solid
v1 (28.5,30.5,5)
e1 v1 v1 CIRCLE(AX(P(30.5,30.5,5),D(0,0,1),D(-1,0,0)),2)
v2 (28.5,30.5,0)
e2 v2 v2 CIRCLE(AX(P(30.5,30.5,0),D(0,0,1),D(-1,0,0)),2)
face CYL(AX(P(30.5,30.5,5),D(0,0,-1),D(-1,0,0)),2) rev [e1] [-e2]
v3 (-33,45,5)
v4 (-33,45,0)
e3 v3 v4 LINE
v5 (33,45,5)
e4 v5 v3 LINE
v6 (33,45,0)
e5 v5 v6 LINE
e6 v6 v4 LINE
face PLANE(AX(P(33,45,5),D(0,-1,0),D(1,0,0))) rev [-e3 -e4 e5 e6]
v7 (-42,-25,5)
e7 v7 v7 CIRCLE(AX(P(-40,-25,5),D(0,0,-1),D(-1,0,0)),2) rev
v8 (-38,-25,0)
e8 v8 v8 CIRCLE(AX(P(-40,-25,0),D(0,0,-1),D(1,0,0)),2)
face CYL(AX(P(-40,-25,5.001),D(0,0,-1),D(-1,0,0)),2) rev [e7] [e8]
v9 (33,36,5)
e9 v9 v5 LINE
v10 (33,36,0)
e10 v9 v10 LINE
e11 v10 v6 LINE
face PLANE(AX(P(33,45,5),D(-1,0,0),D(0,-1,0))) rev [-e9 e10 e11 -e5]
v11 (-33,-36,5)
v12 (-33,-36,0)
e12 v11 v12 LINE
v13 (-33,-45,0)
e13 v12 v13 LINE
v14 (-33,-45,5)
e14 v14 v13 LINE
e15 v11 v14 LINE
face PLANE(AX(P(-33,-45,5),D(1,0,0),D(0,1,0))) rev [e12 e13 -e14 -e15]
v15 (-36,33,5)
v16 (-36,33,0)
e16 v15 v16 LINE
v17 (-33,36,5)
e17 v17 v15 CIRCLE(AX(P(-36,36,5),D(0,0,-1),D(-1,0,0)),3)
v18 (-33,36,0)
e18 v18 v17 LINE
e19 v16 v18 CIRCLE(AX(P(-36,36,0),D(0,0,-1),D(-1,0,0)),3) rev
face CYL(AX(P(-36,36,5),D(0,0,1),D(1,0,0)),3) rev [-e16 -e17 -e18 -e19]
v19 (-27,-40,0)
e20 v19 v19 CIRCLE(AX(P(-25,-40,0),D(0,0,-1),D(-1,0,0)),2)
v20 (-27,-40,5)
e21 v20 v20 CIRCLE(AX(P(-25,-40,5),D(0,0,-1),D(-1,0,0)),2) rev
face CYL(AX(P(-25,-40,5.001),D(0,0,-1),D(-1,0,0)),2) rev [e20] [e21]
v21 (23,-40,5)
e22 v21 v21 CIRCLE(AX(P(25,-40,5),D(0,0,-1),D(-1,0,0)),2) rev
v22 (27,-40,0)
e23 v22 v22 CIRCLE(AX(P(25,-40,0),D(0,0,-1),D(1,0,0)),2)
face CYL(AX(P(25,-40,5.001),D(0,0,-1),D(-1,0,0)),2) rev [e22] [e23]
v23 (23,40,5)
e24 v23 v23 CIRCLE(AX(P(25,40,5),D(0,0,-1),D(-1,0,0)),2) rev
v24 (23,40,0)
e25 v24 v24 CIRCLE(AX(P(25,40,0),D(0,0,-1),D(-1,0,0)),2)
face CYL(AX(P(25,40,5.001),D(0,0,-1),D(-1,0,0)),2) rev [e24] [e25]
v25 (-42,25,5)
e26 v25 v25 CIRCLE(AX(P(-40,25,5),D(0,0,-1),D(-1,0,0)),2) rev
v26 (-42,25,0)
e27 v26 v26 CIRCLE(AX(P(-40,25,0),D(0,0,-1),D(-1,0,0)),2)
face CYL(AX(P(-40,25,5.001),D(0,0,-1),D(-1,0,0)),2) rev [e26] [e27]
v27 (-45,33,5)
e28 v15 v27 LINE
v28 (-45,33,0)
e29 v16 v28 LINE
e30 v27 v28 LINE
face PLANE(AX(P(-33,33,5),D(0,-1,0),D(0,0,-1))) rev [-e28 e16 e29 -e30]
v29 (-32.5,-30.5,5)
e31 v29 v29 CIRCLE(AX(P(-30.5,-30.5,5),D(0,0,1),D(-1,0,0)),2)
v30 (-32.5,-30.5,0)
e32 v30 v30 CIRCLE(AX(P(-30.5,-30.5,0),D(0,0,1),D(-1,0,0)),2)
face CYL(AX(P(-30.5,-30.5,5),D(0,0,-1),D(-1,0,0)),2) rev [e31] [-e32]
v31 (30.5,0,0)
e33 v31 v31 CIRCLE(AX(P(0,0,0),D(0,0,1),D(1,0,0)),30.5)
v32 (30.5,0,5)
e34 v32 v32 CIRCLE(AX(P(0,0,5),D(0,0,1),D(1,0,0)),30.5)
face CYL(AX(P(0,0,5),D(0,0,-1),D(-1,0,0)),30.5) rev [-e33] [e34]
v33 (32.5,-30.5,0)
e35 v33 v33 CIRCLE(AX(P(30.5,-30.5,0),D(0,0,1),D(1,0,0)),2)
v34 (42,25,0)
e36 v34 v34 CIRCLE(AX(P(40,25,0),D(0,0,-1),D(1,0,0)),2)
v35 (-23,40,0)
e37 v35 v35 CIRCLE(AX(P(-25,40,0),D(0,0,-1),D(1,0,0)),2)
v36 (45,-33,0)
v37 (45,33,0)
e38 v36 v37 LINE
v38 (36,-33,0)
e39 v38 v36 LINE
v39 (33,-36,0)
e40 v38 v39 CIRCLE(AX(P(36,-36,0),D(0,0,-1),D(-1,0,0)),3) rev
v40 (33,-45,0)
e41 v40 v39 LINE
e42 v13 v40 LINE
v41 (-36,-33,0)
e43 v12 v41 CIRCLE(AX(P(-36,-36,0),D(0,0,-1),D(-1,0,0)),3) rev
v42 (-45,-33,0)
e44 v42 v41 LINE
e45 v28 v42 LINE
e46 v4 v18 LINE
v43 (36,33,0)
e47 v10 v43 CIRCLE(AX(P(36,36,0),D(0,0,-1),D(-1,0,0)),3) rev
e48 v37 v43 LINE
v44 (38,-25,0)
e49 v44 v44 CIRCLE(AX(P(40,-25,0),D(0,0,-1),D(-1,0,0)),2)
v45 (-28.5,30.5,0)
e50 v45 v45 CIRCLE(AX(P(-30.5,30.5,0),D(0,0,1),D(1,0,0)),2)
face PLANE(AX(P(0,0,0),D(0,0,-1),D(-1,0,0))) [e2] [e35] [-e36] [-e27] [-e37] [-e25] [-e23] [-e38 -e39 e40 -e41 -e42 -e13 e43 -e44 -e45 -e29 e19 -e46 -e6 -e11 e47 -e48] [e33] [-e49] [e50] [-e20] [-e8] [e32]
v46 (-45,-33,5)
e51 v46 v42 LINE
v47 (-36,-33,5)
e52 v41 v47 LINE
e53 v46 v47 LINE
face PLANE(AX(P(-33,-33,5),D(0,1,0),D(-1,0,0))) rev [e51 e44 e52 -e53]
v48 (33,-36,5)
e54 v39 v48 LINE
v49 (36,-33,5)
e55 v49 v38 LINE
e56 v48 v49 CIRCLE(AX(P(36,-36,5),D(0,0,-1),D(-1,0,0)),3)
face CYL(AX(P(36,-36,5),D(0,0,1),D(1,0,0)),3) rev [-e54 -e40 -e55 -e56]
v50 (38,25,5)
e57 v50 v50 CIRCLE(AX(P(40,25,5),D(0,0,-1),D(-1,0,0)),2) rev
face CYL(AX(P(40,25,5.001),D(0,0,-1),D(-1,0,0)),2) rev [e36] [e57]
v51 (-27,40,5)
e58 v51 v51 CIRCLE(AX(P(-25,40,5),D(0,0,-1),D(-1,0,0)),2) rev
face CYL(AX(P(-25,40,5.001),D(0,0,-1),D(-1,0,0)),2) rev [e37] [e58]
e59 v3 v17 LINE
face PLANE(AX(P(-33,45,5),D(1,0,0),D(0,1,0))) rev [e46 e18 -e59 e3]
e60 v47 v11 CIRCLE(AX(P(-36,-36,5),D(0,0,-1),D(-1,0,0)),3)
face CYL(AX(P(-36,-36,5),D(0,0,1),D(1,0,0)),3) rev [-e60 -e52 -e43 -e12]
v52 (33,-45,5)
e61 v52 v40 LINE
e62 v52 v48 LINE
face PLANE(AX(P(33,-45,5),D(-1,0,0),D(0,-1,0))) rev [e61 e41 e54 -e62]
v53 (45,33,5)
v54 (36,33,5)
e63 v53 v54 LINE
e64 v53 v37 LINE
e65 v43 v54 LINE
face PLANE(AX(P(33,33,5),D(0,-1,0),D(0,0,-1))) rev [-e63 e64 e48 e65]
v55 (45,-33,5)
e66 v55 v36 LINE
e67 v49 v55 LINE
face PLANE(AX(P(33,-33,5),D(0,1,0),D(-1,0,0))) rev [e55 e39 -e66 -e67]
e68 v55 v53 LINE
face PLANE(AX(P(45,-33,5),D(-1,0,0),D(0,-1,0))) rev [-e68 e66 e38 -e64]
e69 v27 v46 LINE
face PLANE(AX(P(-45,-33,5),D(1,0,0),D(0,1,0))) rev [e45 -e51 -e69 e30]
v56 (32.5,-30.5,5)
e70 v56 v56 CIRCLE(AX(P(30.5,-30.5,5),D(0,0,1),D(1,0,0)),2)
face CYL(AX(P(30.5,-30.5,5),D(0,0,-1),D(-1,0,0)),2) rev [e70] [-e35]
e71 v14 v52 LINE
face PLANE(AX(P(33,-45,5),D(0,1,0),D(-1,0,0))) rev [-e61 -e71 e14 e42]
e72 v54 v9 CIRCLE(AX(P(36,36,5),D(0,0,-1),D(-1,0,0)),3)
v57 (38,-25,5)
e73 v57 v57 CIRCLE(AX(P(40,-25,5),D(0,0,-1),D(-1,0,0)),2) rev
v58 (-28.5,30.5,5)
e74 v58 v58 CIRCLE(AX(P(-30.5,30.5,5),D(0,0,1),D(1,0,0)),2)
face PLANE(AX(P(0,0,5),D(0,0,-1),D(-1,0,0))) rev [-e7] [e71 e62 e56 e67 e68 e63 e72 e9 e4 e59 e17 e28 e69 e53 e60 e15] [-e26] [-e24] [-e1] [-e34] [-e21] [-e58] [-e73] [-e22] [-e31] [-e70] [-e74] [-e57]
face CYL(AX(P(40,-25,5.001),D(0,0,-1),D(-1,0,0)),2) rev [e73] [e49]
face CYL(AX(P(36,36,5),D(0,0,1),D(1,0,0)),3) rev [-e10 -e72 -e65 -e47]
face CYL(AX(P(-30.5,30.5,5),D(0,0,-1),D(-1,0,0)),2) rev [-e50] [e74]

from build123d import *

# Parameters (mm, degrees)
SKETCH1_R           = 30.5
SKETCH1_R_2         = 2
BOSS_EXTRUDE1_DEPTH = 5
FILLET1_R           = 3
CUT_EXTRUDE1_REACH  = 65.836
SKETCH2_R           = 2


with BuildPart() as part:
    # Sketch1 → Boss-Extrude1 (new body)
    with BuildSketch(Plane.XY):
        Polygon((33, -45), (-33, -45), (-33, -33), (-45, -33), (-45, 33), (-33, 33), (-33, 45), (33, 45), (33, 33), (45, 33), (45, -33), (33, -33), align=None)
        Circle(SKETCH1_R, mode=Mode.SUBTRACT)
        with Locations((-30.5, 30.5)):
            Circle(SKETCH1_R_2, mode=Mode.SUBTRACT)
        with Locations(Location((30.5, 30.5, 0), (0, 0, 180))):
            Circle(SKETCH1_R_2, mode=Mode.SUBTRACT)
        with Locations((30.5, -30.5)):
            Circle(SKETCH1_R_2, mode=Mode.SUBTRACT)
        with Locations(Location((-30.5, -30.5, 0), (0, 0, 180))):
            Circle(SKETCH1_R_2, mode=Mode.SUBTRACT)
    extrude(amount=BOSS_EXTRUDE1_DEPTH)

    # Fillet1
    fillet1_edges = [part.edges().sort_by_distance(p)[0] for p in [
        (33, 33, 2.5),
        (33, -33, 2.5),
        (-33, -33, 2.5),
        (-33, 33, 2.5),
    ]]
    fillet(fillet1_edges, radius=FILLET1_R)

    # Sketch2 → Cut-Extrude1 (cut, up to next)
    with BuildSketch(Plane(origin=(0, 0, 0), x_dir=(-1, 0, 0), z_dir=(0, 0, -1)), mode=Mode.PRIVATE) as cut_extrude1_sk1:
        with Locations((-25, 40)):
            Circle(SKETCH2_R)
    cut_extrude1_tool1 = extrude(cut_extrude1_sk1.sketch, amount=-CUT_EXTRUDE1_REACH, mode=Mode.PRIVATE) & part.part
    # Sketch2 → Cut-Extrude1 (cut, up to next)
    with BuildSketch(Plane(origin=(0, 0, 0), x_dir=(-1, 0, 0), z_dir=(0, 0, -1)), mode=Mode.PRIVATE) as cut_extrude1_sk2:
        with Locations((40, 25)):
            Circle(SKETCH2_R)
    cut_extrude1_tool2 = extrude(cut_extrude1_sk2.sketch, amount=-CUT_EXTRUDE1_REACH, mode=Mode.PRIVATE) & part.part
    # Sketch2 → Cut-Extrude1 (cut, up to next)
    with BuildSketch(Plane(origin=(0, 0, 0), x_dir=(-1, 0, 0), z_dir=(0, 0, -1)), mode=Mode.PRIVATE) as cut_extrude1_sk3:
        with Locations((25, 40)):
            Circle(SKETCH2_R)
    cut_extrude1_tool3 = extrude(cut_extrude1_sk3.sketch, amount=-CUT_EXTRUDE1_REACH, mode=Mode.PRIVATE) & part.part
    # Sketch2 → Cut-Extrude1 (cut, up to next)
    with BuildSketch(Plane(origin=(0, 0, 0), x_dir=(-1, 0, 0), z_dir=(0, 0, -1)), mode=Mode.PRIVATE) as cut_extrude1_sk4:
        with Locations((25, -40)):
            Circle(SKETCH2_R)
    cut_extrude1_tool4 = extrude(cut_extrude1_sk4.sketch, amount=-CUT_EXTRUDE1_REACH, mode=Mode.PRIVATE) & part.part
    # Sketch2 → Cut-Extrude1 (cut, up to next)
    with BuildSketch(Plane(origin=(0, 0, 0), x_dir=(-1, 0, 0), z_dir=(0, 0, -1)), mode=Mode.PRIVATE) as cut_extrude1_sk5:
        with Locations((-25, -40)):
            Circle(SKETCH2_R)
    cut_extrude1_tool5 = extrude(cut_extrude1_sk5.sketch, amount=-CUT_EXTRUDE1_REACH, mode=Mode.PRIVATE) & part.part
    # Sketch2 → Cut-Extrude1 (cut, up to next)
    with BuildSketch(Plane(origin=(0, 0, 0), x_dir=(-1, 0, 0), z_dir=(0, 0, -1)), mode=Mode.PRIVATE) as cut_extrude1_sk6:
        with Locations((40, -25)):
            Circle(SKETCH2_R)
    cut_extrude1_tool6 = extrude(cut_extrude1_sk6.sketch, amount=-CUT_EXTRUDE1_REACH, mode=Mode.PRIVATE) & part.part
    # Sketch2 → Cut-Extrude1 (cut, up to next)
    with BuildSketch(Plane(origin=(0, 0, 0), x_dir=(-1, 0, 0), z_dir=(0, 0, -1)), mode=Mode.PRIVATE) as cut_extrude1_sk7:
        with Locations((-40, 25)):
            Circle(SKETCH2_R)
    cut_extrude1_tool7 = extrude(cut_extrude1_sk7.sketch, amount=-CUT_EXTRUDE1_REACH, mode=Mode.PRIVATE) & part.part
    # Sketch2 → Cut-Extrude1 (cut, up to next)
    with BuildSketch(Plane(origin=(0, 0, 0), x_dir=(-1, 0, 0), z_dir=(0, 0, -1)), mode=Mode.PRIVATE) as cut_extrude1_sk8:
        with Locations((-40, -25)):
            Circle(SKETCH2_R)
    cut_extrude1_tool8 = extrude(cut_extrude1_sk8.sketch, amount=-CUT_EXTRUDE1_REACH, mode=Mode.PRIVATE) & part.part
    add(cut_extrude1_tool1.solids().sort_by_distance((25, 40, 0))[0], mode=Mode.SUBTRACT)
    add(cut_extrude1_tool2.solids().sort_by_distance((-40, 25, 0))[0], mode=Mode.SUBTRACT)
    add(cut_extrude1_tool3.solids().sort_by_distance((-25, 40, 0))[0], mode=Mode.SUBTRACT)
    add(cut_extrude1_tool4.solids().sort_by_distance((-25, -40, 0))[0], mode=Mode.SUBTRACT)
    add(cut_extrude1_tool5.solids().sort_by_distance((25, -40, 0))[0], mode=Mode.SUBTRACT)
    add(cut_extrude1_tool6.solids().sort_by_distance((-40, -25, 0))[0], mode=Mode.SUBTRACT)
    add(cut_extrude1_tool7.solids().sort_by_distance((40, 25, 0))[0], mode=Mode.SUBTRACT)
    add(cut_extrude1_tool8.solids().sort_by_distance((40, -25, 0))[0], mode=Mode.SUBTRACT)


solid = part.part
